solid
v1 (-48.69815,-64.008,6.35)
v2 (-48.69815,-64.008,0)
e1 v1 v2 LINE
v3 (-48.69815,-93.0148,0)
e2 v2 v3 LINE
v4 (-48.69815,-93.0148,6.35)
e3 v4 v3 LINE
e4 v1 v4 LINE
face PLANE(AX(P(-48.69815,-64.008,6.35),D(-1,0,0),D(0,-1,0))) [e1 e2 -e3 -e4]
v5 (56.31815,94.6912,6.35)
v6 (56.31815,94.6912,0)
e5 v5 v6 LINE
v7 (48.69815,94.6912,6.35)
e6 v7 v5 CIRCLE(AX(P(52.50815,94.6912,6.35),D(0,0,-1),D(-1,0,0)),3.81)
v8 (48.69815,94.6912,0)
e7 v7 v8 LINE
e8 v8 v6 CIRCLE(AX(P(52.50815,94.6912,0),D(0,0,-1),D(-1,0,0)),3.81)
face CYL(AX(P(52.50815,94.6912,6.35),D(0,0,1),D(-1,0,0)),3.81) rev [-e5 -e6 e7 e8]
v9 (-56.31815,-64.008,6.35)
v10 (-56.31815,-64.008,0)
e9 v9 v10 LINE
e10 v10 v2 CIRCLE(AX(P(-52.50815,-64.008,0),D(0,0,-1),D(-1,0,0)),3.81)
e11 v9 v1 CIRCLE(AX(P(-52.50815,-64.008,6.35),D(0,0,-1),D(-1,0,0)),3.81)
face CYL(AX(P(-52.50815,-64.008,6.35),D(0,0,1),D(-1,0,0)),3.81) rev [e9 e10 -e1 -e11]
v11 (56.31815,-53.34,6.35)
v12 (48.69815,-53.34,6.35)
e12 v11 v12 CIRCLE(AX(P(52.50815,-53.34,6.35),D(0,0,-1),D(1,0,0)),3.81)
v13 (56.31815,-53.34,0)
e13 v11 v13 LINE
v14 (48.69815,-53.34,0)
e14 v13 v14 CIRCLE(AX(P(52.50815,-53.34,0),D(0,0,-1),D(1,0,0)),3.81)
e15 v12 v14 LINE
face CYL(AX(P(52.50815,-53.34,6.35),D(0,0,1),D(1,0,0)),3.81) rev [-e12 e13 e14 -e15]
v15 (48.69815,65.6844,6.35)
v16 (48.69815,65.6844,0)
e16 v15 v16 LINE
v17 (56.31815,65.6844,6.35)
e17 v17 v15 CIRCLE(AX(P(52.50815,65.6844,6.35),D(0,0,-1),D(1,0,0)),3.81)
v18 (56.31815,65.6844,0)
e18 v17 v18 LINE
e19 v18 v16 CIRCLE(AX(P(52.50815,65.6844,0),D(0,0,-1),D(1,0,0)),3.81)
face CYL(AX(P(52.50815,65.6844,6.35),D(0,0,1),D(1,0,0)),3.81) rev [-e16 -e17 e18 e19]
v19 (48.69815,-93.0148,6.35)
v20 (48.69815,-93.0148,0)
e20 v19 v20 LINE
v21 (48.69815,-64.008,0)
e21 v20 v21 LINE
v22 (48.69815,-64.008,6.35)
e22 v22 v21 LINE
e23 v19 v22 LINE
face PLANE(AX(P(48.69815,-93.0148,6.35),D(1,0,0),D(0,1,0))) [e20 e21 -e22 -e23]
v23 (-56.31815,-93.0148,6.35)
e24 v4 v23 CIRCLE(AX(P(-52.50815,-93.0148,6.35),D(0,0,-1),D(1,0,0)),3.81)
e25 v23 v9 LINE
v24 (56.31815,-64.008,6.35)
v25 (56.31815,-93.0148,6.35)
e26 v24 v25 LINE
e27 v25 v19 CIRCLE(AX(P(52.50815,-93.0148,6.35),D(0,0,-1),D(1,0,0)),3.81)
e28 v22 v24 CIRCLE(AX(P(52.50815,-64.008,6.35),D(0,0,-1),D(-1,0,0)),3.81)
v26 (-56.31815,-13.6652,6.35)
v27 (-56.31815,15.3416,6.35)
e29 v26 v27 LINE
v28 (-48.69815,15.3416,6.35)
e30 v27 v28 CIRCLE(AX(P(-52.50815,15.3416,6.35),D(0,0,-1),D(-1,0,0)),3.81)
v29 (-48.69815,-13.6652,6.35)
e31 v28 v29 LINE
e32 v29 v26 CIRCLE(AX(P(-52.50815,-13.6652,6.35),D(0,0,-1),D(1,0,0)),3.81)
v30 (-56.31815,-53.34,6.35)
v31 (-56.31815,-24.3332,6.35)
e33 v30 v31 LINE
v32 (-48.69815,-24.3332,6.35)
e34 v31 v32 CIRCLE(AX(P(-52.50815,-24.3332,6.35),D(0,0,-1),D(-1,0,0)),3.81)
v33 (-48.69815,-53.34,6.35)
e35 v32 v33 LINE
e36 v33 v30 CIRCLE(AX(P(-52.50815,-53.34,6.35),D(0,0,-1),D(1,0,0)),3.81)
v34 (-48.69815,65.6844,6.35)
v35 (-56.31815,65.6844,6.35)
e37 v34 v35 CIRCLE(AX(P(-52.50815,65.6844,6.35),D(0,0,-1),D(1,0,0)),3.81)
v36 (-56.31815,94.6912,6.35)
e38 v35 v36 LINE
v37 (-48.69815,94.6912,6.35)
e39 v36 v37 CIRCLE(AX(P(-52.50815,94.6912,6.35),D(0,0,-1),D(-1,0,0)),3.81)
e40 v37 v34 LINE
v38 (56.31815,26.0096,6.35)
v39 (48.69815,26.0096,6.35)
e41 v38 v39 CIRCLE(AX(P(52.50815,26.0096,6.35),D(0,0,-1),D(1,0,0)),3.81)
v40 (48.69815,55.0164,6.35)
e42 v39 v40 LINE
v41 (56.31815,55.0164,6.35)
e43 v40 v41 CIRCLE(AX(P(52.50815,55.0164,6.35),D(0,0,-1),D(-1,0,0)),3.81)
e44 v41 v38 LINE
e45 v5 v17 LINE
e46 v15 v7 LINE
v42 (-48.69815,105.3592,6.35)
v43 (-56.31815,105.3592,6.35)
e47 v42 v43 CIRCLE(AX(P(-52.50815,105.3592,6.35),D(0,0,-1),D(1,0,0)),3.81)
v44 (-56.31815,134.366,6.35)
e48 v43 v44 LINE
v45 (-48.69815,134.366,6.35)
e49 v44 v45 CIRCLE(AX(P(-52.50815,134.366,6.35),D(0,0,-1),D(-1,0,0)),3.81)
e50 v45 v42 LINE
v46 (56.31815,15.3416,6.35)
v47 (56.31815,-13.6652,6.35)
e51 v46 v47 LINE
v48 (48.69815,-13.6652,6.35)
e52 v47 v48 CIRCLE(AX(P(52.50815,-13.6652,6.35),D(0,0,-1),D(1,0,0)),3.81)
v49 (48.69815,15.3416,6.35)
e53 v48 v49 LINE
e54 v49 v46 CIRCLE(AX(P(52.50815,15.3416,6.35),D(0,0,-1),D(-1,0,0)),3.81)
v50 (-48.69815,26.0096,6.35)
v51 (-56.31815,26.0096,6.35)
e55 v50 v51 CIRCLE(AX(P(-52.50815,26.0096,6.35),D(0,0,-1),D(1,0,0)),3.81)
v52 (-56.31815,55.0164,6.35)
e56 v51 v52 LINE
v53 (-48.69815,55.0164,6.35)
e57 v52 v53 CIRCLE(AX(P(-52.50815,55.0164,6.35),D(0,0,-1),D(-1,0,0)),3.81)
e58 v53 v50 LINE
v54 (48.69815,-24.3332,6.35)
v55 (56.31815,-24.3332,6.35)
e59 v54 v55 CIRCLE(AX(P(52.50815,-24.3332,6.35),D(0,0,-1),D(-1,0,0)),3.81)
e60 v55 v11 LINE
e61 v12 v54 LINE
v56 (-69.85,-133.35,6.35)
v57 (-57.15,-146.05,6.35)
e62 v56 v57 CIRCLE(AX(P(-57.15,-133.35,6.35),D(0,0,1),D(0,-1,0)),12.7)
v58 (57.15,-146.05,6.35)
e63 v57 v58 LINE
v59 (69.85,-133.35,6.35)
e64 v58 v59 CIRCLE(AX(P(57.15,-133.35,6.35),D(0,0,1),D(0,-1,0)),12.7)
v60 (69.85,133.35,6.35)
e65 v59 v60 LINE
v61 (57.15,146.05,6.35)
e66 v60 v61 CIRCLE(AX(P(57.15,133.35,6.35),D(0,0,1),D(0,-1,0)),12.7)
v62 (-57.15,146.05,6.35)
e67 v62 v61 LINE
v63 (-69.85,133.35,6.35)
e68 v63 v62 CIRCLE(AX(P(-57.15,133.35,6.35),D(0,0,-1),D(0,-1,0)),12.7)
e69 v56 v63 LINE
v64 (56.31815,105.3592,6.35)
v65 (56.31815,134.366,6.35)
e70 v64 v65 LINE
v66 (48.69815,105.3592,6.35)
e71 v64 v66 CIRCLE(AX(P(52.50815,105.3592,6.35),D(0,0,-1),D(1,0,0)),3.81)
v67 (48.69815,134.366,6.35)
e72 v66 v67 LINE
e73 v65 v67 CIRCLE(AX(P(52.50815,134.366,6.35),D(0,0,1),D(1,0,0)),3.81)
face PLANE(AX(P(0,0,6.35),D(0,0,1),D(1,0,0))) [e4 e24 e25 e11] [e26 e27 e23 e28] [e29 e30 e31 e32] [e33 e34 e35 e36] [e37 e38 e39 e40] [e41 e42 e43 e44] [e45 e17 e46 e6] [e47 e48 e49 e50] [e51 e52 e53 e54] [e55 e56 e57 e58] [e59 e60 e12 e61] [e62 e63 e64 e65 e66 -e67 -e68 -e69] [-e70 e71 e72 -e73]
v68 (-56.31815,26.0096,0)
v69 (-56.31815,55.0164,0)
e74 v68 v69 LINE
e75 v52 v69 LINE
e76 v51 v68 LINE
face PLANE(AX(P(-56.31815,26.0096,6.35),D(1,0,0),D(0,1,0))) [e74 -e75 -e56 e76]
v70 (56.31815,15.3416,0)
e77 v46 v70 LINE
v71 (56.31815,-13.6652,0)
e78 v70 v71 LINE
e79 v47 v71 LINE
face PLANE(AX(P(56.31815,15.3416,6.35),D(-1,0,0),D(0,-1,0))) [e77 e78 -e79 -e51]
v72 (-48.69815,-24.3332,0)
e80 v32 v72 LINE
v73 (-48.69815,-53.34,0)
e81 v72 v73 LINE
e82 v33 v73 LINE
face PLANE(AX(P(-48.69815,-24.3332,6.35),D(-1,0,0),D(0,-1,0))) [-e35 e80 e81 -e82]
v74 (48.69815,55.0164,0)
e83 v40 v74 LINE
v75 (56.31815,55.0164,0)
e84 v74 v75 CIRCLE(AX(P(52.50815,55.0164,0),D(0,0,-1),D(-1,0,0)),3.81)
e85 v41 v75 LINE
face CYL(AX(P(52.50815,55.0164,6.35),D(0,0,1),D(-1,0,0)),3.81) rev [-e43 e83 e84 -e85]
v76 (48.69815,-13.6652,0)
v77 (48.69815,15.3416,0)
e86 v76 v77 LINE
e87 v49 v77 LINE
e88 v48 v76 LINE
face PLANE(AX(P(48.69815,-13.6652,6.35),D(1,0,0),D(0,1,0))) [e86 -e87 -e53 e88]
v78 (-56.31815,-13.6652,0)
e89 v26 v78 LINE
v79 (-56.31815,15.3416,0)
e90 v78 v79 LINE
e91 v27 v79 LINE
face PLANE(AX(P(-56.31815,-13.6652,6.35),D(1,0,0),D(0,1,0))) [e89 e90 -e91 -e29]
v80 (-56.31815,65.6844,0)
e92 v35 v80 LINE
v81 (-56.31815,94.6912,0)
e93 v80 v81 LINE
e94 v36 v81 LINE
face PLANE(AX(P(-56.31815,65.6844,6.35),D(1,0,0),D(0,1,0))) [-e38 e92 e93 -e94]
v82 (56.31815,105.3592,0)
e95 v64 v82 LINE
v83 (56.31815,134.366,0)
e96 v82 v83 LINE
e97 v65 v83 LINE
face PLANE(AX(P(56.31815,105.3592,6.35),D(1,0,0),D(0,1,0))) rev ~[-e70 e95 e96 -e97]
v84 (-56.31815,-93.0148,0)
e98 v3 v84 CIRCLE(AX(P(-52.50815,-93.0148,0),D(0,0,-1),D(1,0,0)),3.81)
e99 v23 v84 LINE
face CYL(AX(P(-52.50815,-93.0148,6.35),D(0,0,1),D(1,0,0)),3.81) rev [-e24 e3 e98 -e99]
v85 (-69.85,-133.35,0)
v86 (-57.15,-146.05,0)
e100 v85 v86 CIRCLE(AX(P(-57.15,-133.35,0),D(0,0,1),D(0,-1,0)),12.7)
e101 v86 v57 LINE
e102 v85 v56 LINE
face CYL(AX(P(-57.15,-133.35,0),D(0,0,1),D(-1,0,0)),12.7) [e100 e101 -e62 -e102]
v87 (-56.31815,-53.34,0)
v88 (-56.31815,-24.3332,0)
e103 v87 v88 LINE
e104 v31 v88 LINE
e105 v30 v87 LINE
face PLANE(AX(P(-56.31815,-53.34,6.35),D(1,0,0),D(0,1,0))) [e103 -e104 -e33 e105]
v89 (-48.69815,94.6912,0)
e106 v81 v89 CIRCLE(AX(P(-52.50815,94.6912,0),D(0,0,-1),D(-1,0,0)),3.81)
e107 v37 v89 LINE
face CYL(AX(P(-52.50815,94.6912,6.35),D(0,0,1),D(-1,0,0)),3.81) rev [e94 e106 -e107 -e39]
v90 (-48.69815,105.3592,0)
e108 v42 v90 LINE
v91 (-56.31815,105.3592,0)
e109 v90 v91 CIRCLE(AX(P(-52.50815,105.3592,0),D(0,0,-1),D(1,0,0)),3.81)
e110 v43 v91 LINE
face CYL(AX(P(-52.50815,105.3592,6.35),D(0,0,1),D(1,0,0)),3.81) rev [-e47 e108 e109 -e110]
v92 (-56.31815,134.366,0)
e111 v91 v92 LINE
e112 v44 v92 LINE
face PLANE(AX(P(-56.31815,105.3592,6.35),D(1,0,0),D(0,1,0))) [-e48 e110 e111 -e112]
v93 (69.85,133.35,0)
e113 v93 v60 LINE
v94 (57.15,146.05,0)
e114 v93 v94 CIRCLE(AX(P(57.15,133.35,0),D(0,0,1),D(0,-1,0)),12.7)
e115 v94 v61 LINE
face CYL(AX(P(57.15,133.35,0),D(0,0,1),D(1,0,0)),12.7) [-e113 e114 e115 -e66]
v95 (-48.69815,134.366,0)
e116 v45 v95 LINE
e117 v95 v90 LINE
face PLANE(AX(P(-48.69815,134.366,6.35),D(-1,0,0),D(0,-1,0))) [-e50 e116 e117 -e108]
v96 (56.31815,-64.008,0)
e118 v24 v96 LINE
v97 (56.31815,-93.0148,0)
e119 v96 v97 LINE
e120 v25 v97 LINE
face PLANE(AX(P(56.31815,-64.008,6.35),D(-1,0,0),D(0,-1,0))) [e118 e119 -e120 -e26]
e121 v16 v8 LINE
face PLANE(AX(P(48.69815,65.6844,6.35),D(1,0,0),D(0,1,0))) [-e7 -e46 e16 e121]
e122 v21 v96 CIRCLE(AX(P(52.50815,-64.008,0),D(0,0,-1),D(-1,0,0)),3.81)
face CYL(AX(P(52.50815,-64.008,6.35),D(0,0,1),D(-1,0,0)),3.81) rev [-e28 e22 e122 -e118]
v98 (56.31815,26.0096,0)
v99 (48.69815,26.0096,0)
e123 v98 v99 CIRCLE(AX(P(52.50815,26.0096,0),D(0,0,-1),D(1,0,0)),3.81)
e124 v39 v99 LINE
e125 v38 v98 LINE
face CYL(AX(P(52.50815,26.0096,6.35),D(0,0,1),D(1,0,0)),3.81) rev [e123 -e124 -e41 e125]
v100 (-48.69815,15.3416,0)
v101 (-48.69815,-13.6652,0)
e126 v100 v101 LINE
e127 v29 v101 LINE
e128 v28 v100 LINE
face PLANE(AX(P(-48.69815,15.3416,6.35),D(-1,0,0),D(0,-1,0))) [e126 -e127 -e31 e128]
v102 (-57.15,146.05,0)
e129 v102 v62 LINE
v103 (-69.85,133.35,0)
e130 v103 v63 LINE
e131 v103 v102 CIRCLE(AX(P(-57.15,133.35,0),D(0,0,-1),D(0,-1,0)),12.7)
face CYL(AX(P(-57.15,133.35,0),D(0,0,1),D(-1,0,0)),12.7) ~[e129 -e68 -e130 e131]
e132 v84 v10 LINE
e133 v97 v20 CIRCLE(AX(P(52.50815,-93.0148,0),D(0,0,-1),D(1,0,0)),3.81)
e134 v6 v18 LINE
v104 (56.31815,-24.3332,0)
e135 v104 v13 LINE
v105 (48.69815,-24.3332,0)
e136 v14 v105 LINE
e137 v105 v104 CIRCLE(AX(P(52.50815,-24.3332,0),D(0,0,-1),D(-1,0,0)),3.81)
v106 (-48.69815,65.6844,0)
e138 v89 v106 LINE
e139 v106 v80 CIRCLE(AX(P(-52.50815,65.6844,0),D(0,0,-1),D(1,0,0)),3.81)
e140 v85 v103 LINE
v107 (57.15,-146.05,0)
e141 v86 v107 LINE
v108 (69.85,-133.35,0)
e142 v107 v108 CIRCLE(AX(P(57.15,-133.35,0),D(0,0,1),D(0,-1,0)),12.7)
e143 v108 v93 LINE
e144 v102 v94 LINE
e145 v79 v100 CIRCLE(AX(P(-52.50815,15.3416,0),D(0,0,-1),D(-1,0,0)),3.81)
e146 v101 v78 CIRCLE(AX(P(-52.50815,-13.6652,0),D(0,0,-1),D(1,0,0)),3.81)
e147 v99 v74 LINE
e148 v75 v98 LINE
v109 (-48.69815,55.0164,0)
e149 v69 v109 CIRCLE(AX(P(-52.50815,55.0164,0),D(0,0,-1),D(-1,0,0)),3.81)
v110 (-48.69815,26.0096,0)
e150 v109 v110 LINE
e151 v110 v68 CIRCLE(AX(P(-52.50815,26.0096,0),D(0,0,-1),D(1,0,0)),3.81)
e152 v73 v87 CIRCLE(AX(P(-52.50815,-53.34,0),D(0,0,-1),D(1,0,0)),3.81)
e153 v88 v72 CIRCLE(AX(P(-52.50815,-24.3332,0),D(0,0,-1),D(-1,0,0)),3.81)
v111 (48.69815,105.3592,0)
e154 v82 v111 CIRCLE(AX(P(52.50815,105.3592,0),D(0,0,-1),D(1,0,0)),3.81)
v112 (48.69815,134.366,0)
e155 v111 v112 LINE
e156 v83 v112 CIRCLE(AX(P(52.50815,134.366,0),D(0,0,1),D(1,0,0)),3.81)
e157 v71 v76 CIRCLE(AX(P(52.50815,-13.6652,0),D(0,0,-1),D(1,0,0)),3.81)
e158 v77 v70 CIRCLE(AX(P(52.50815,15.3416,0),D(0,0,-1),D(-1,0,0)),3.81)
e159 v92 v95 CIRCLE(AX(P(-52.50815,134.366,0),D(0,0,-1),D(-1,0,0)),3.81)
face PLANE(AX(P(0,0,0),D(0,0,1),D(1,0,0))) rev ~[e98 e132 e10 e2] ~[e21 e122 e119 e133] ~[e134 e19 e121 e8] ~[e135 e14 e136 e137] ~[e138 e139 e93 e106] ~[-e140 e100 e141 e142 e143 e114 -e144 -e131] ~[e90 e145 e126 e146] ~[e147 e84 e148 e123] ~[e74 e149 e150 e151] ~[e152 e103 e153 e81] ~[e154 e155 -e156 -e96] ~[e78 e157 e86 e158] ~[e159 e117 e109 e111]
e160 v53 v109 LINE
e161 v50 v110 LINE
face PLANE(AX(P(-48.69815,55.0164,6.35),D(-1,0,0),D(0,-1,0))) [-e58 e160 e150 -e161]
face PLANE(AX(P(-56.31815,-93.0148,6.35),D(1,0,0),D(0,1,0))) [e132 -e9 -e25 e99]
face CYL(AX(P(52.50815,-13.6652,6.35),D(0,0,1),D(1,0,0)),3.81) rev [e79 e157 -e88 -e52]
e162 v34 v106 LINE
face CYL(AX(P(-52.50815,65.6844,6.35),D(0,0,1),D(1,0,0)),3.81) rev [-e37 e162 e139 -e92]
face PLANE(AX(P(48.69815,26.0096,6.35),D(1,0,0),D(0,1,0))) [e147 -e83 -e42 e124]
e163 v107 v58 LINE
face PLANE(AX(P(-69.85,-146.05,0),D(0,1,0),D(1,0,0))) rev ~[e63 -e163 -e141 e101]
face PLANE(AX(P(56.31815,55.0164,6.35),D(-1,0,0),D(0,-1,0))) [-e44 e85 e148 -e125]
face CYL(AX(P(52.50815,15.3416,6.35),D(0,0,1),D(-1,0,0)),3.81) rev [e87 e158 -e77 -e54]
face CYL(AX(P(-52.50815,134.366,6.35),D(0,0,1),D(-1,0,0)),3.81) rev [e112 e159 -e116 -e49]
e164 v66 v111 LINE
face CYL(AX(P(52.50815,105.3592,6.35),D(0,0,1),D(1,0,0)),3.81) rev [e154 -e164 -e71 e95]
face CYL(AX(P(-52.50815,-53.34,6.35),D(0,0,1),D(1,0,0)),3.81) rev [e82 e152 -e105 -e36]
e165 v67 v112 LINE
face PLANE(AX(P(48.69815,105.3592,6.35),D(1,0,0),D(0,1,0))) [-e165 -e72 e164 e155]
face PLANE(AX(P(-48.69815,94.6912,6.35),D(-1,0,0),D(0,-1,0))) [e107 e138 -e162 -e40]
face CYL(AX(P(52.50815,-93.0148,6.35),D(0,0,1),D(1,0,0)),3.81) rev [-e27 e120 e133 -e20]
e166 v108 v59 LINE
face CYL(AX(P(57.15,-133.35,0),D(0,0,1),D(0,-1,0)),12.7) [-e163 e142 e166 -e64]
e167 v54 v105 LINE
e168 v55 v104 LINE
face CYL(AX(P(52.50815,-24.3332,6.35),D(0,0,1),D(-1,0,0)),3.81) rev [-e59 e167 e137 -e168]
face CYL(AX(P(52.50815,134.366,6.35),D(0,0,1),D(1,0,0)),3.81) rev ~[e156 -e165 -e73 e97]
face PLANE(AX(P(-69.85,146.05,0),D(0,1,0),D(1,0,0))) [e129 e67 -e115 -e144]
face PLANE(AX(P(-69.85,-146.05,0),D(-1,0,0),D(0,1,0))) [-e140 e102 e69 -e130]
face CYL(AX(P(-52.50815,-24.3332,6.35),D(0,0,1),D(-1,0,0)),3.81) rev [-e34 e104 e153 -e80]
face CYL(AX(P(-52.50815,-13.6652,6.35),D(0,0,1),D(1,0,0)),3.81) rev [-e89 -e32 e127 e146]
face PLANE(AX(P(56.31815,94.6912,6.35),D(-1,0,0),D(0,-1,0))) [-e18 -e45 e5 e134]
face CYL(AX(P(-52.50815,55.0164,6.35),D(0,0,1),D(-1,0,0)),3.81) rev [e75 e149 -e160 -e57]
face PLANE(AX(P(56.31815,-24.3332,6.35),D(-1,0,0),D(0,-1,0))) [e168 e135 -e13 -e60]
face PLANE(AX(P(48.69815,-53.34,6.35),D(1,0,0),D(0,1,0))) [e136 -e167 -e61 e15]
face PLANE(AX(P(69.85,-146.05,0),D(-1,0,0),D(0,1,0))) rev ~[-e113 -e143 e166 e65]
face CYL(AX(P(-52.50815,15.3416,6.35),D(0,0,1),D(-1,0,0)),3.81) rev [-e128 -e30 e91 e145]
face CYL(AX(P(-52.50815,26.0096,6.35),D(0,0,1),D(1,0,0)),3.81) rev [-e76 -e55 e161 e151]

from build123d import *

# Parameters (mm, degrees)
SKETCH1_W           = 139.7
SKETCH1_H           = 292.1
BOSS_EXTRUDE1_DEPTH = 6.35
FILLET1_R           = 12.7
CUT_EXTRUDE1_DEPTH  = 6.35


with BuildPart() as part:
    # Sketch1 → Boss-Extrude1 (new body)
    with BuildSketch(Plane.XY):
        Rectangle(SKETCH1_W, SKETCH1_H)
    extrude(amount=BOSS_EXTRUDE1_DEPTH)

    # Fillet1
    fillet1_edges = [part.edges().sort_by_distance(p)[0] for p in [
        (-69.85, -146.05, 3.175),
        (69.85, -146.05, 3.175),
        (69.85, 146.05, 3.175),
        (-69.85, 146.05, 3.175),
    ]]
    fillet(fillet1_edges, radius=FILLET1_R)

    # Sketch2 → Cut-Extrude1 (cut)
    with BuildSketch(Plane.XY.offset(6.35)):
        with BuildLine():
            Line((48.69815, 134.366), (48.69815, 105.3592))
            ThreePointArc((48.69815, 105.3592), (52.50815, 101.5492), (56.31815, 105.3592))
            Line((56.31815, 105.3592), (56.31815, 134.366))
            ThreePointArc((56.31815, 134.366), (52.50815, 138.176), (48.69815, 134.366))
        make_face()
        with BuildLine():
            Line((-56.31815, 134.366), (-56.31815, 105.3592))
            ThreePointArc((-56.31815, 105.3592), (-52.50815, 101.5492), (-48.69815, 105.3592))
            Line((-48.69815, 105.3592), (-48.69815, 134.366))
            ThreePointArc((-48.69815, 134.366), (-52.50815, 138.176), (-56.31815, 134.366))
        make_face()
        with BuildLine():
            Line((-56.31815, 94.6912), (-56.31815, 65.6844))
            ThreePointArc((-56.31815, 65.6844), (-52.50815, 61.8744), (-48.69815, 65.6844))
            Line((-48.69815, 65.6844), (-48.69815, 94.6912))
            ThreePointArc((-48.69815, 94.6912), (-52.50815, 98.5012), (-56.31815, 94.6912))
        make_face()
        with BuildLine():
            Line((-56.31815, 55.0164), (-56.31815, 26.0096))
            ThreePointArc((-56.31815, 26.0096), (-52.50815, 22.1996), (-48.69815, 26.0096))
            Line((-48.69815, 26.0096), (-48.69815, 55.0164))
            ThreePointArc((-48.69815, 55.0164), (-52.50815, 58.8264), (-56.31815, 55.0164))
        make_face()
        with BuildLine():
            Line((-56.31815, 15.3416), (-56.31815, -13.6652))
            ThreePointArc((-56.31815, -13.6652), (-52.50815, -17.4752), (-48.69815, -13.6652))
            Line((-48.69815, -13.6652), (-48.69815, 15.3416))
            ThreePointArc((-48.69815, 15.3416), (-52.50815, 19.1516), (-56.31815, 15.3416))
        make_face()
        with BuildLine():
            Line((-56.31815, -24.3332), (-56.31815, -53.34))
            ThreePointArc((-56.31815, -53.34), (-52.50815, -57.15), (-48.69815, -53.34))
            Line((-48.69815, -53.34), (-48.69815, -24.3332))
            ThreePointArc((-48.69815, -24.3332), (-52.50815, -20.5232), (-56.31815, -24.3332))
        make_face()
        with BuildLine():
            Line((-56.31815, -64.008), (-56.31815, -93.0148))
            ThreePointArc((-56.31815, -93.0148), (-52.50815, -96.8248), (-48.69815, -93.0148))
            Line((-48.69815, -93.0148), (-48.69815, -64.008))
            ThreePointArc((-48.69815, -64.008), (-52.50815, -60.198), (-56.31815, -64.008))
        make_face()
        with BuildLine():
            Line((48.69815, 94.6912), (48.69815, 65.6844))
            ThreePointArc((48.69815, 65.6844), (52.50815, 61.8744), (56.31815, 65.6844))
            Line((56.31815, 65.6844), (56.31815, 94.6912))
            ThreePointArc((56.31815, 94.6912), (52.50815, 98.5012), (48.69815, 94.6912))
        make_face()
        with BuildLine():
            Line((48.69815, 55.0164), (48.69815, 26.0096))
            ThreePointArc((48.69815, 26.0096), (52.50815, 22.1996), (56.31815, 26.0096))
            Line((56.31815, 26.0096), (56.31815, 55.0164))
            ThreePointArc((56.31815, 55.0164), (52.50815, 58.8264), (48.69815, 55.0164))
        make_face()
        with BuildLine():
            Line((48.69815, 15.3416), (48.69815, -13.6652))
            ThreePointArc((48.69815, -13.6652), (52.50815, -17.4752), (56.31815, -13.6652))
            Line((56.31815, -13.6652), (56.31815, 15.3416))
            ThreePointArc((56.31815, 15.3416), (52.50815, 19.1516), (48.69815, 15.3416))
        make_face()
        with BuildLine():
            Line((48.69815, -24.3332), (48.69815, -53.34))
            ThreePointArc((48.69815, -53.34), (52.50815, -57.15), (56.31815, -53.34))
            Line((56.31815, -53.34), (56.31815, -24.3332))
            ThreePointArc((56.31815, -24.3332), (52.50815, -20.5232), (48.69815, -24.3332))
        make_face()
        with BuildLine():
            Line((48.69815, -64.008), (48.69815, -93.0148))
            ThreePointArc((48.69815, -93.0148), (52.50815, -96.8248), (56.31815, -93.0148))
            Line((56.31815, -93.0148), (56.31815, -64.008))
            ThreePointArc((56.31815, -64.008), (52.50815, -60.198), (48.69815, -64.008))
        make_face()
    extrude(amount=-CUT_EXTRUDE1_DEPTH, mode=Mode.SUBTRACT)


solid = part.part
